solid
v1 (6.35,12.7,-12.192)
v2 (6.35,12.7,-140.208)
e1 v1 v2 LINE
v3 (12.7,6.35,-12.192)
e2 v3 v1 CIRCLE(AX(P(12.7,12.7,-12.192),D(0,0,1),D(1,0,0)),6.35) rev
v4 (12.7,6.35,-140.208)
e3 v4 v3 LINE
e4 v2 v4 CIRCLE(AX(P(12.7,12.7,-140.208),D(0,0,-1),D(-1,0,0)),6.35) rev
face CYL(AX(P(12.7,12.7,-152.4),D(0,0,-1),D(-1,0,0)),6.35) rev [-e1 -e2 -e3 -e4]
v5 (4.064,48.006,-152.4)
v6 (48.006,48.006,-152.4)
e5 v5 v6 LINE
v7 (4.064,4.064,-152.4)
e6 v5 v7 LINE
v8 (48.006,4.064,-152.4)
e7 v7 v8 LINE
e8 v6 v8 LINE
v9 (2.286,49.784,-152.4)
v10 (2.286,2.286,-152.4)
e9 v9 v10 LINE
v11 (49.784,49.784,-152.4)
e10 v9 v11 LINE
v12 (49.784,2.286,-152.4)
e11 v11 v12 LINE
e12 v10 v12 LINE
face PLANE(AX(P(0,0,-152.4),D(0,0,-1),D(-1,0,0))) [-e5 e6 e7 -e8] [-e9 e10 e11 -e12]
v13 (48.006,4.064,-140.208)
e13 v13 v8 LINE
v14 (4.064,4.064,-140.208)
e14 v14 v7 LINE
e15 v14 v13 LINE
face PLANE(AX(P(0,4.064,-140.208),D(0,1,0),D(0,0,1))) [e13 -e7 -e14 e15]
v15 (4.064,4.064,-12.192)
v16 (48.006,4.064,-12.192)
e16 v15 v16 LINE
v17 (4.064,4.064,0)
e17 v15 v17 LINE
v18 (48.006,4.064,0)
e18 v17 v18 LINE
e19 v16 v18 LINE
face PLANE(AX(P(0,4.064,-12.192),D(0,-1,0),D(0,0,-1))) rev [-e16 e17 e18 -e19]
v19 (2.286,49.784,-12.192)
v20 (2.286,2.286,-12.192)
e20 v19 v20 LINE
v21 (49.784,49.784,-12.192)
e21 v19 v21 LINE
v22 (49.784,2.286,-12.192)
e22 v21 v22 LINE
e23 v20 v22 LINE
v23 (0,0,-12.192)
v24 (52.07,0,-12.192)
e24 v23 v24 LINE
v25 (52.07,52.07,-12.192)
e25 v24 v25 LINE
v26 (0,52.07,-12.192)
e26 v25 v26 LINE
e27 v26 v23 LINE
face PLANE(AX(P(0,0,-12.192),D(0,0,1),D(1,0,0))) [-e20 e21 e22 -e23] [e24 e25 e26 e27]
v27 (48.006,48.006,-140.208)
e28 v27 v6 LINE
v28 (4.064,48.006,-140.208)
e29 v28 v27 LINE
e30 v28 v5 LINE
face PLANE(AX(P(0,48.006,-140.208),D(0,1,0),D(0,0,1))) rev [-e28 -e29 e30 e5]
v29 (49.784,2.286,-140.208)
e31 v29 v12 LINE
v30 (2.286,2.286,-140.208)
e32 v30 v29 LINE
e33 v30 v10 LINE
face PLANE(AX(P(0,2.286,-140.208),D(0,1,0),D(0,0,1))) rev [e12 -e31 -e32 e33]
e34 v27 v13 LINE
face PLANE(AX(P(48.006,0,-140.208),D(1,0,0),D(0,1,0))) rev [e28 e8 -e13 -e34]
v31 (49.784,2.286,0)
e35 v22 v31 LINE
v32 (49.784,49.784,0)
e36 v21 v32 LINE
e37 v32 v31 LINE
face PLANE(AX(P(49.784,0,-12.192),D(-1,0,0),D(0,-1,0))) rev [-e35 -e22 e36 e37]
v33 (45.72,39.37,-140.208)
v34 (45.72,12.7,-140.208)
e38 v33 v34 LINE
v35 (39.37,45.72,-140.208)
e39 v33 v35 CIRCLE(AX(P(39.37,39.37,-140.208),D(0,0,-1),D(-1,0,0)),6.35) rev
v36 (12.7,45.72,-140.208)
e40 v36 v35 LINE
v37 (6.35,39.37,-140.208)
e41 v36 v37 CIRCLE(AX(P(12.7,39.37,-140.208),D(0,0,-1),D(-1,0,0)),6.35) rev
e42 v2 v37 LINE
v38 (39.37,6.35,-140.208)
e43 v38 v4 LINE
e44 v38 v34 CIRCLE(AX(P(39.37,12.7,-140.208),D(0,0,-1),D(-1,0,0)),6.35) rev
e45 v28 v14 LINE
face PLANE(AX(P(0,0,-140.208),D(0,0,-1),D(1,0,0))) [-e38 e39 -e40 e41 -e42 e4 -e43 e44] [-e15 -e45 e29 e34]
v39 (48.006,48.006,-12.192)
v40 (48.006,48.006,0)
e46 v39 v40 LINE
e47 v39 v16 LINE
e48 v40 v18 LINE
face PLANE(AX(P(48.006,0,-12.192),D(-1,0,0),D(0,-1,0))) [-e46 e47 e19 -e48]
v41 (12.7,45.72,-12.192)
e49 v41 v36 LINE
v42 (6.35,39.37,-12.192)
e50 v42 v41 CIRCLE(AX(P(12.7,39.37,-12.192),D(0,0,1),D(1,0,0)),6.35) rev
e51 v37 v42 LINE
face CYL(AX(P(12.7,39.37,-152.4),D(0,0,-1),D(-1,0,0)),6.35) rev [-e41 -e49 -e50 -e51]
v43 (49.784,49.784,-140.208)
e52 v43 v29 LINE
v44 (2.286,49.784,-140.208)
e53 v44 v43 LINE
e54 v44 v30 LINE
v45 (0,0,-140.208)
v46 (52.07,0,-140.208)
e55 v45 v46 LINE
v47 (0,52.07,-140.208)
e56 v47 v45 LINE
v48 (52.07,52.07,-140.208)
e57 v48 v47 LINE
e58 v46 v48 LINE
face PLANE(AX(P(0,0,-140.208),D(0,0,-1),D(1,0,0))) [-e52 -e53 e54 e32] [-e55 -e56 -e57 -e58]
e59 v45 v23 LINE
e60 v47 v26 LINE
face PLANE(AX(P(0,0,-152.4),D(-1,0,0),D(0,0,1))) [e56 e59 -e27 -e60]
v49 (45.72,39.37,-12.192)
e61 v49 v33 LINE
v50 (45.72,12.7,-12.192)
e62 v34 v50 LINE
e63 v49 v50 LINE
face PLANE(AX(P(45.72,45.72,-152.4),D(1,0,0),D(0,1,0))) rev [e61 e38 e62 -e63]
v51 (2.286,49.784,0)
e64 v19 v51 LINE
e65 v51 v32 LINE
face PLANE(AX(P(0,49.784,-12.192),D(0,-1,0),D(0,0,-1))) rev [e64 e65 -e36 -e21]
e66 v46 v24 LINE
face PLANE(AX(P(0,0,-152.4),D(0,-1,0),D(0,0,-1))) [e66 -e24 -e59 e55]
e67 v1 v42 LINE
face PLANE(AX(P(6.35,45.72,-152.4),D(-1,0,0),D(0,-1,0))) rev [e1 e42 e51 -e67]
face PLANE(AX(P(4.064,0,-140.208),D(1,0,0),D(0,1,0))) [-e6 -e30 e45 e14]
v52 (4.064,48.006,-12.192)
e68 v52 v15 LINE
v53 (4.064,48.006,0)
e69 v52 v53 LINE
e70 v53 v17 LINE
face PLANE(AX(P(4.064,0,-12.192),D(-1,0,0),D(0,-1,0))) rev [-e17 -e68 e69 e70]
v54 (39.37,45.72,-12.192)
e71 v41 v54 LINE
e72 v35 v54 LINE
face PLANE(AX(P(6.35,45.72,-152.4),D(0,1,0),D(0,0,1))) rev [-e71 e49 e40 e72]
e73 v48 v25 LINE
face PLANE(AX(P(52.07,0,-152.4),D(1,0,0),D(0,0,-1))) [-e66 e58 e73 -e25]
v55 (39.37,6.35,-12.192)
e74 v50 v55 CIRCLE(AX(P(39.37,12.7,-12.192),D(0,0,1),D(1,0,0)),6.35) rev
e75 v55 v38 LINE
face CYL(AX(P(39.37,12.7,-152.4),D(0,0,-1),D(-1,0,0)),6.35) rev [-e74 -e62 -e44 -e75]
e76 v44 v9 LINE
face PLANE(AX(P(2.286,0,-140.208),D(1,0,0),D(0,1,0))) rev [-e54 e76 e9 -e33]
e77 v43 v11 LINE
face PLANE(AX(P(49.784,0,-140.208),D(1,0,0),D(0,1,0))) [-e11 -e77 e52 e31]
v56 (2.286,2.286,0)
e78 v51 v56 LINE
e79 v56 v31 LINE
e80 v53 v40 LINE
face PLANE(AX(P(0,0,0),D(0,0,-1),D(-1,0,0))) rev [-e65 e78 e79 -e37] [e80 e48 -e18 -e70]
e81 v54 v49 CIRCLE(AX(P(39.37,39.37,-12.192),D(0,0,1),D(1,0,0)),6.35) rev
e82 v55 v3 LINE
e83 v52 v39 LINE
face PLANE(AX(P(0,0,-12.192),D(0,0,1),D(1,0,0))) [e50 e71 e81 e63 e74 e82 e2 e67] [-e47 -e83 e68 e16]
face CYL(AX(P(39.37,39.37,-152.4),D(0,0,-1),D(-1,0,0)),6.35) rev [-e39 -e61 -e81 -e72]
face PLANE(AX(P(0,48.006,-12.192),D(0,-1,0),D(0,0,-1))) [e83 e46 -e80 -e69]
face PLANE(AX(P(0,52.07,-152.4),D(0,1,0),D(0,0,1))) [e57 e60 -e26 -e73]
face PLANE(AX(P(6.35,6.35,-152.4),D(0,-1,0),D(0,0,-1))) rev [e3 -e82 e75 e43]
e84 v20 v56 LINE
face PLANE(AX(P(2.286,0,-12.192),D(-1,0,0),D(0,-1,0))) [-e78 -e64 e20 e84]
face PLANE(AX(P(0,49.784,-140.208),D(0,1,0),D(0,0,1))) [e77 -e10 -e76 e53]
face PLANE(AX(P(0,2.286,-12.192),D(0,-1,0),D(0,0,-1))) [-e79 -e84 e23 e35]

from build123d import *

# Parameters (mm, degrees)
SKETCH1_W           = 52.07
SKETCH1_H           = 52.07
BOSS_EXTRUDE1_DEPTH = 152.4
SKETCH2_W           = 39.37
SKETCH2_H           = 39.37
CUT_EXTRUDE1_DEPTH  = 170.258174987
SKETCH3_W           = 52.07
SKETCH3_H           = 52.07
SKETCH3_W_2         = 47.498
SKETCH3_H_2         = 47.498
SKETCH3_W_3         = 43.942
SKETCH3_H_3         = 43.942
SKETCH3_W_4         = 39.37
SKETCH3_H_4         = 39.37
CUT_EXTRUDE2_DEPTH  = 12.192
FILLET1_R           = 6.35


with BuildPart() as part:
    # Sketch1 → Boss-Extrude1 (new body)
    with BuildSketch(Plane.XY):
        with Locations((26.035, 26.035)):
            Rectangle(SKETCH1_W, SKETCH1_H)
    extrude(amount=-BOSS_EXTRUDE1_DEPTH)

    # Sketch2 → Cut-Extrude1 (cut, through all)
    with BuildSketch(Plane.XY):
        with Locations((26.035, 26.035)):
            Rectangle(SKETCH2_W, SKETCH2_H)
    extrude(amount=-CUT_EXTRUDE1_DEPTH, mode=Mode.SUBTRACT)

    # Sketch3 → Cut-Extrude2 (cut)
    # profile 1 of 2: a face of its own
    with BuildSketch(Plane.XY):
        with Locations((26.035, 26.035)):
            Rectangle(SKETCH3_W, SKETCH3_H)
        with Locations((26.035, 26.035)):
            Rectangle(SKETCH3_W_2, SKETCH3_H_2, mode=Mode.SUBTRACT)
    # profile 2 of 2: a face of its own
    with BuildSketch(Plane.XY):
        with Locations((26.035, 26.035)):
            Rectangle(SKETCH3_W_3, SKETCH3_H_3)
        with Locations((26.035, 26.035)):
            Rectangle(SKETCH3_W_4, SKETCH3_H_4, mode=Mode.SUBTRACT)
    cut_extrude2 = extrude(amount=-CUT_EXTRUDE2_DEPTH, mode=Mode.SUBTRACT)

    # Mirror1: Cut-Extrude2 across plane
    add(cut_extrude2.mirror(Plane(origin=(0, 0, -76.2), x_dir=(1, 0, 0), z_dir=(0, 0, -1))), mode=Mode.SUBTRACT)

    # Fillet1
    fillet1_edges = [part.edges().sort_by_distance(p)[0] for p in [
        (45.72, 6.35, -76.2),
        (6.35, 6.35, -76.2),
        (45.72, 45.72, -76.2),
        (6.35, 45.72, -76.2),
    ]]
    fillet(fillet1_edges, radius=FILLET1_R)


solid = part.part
